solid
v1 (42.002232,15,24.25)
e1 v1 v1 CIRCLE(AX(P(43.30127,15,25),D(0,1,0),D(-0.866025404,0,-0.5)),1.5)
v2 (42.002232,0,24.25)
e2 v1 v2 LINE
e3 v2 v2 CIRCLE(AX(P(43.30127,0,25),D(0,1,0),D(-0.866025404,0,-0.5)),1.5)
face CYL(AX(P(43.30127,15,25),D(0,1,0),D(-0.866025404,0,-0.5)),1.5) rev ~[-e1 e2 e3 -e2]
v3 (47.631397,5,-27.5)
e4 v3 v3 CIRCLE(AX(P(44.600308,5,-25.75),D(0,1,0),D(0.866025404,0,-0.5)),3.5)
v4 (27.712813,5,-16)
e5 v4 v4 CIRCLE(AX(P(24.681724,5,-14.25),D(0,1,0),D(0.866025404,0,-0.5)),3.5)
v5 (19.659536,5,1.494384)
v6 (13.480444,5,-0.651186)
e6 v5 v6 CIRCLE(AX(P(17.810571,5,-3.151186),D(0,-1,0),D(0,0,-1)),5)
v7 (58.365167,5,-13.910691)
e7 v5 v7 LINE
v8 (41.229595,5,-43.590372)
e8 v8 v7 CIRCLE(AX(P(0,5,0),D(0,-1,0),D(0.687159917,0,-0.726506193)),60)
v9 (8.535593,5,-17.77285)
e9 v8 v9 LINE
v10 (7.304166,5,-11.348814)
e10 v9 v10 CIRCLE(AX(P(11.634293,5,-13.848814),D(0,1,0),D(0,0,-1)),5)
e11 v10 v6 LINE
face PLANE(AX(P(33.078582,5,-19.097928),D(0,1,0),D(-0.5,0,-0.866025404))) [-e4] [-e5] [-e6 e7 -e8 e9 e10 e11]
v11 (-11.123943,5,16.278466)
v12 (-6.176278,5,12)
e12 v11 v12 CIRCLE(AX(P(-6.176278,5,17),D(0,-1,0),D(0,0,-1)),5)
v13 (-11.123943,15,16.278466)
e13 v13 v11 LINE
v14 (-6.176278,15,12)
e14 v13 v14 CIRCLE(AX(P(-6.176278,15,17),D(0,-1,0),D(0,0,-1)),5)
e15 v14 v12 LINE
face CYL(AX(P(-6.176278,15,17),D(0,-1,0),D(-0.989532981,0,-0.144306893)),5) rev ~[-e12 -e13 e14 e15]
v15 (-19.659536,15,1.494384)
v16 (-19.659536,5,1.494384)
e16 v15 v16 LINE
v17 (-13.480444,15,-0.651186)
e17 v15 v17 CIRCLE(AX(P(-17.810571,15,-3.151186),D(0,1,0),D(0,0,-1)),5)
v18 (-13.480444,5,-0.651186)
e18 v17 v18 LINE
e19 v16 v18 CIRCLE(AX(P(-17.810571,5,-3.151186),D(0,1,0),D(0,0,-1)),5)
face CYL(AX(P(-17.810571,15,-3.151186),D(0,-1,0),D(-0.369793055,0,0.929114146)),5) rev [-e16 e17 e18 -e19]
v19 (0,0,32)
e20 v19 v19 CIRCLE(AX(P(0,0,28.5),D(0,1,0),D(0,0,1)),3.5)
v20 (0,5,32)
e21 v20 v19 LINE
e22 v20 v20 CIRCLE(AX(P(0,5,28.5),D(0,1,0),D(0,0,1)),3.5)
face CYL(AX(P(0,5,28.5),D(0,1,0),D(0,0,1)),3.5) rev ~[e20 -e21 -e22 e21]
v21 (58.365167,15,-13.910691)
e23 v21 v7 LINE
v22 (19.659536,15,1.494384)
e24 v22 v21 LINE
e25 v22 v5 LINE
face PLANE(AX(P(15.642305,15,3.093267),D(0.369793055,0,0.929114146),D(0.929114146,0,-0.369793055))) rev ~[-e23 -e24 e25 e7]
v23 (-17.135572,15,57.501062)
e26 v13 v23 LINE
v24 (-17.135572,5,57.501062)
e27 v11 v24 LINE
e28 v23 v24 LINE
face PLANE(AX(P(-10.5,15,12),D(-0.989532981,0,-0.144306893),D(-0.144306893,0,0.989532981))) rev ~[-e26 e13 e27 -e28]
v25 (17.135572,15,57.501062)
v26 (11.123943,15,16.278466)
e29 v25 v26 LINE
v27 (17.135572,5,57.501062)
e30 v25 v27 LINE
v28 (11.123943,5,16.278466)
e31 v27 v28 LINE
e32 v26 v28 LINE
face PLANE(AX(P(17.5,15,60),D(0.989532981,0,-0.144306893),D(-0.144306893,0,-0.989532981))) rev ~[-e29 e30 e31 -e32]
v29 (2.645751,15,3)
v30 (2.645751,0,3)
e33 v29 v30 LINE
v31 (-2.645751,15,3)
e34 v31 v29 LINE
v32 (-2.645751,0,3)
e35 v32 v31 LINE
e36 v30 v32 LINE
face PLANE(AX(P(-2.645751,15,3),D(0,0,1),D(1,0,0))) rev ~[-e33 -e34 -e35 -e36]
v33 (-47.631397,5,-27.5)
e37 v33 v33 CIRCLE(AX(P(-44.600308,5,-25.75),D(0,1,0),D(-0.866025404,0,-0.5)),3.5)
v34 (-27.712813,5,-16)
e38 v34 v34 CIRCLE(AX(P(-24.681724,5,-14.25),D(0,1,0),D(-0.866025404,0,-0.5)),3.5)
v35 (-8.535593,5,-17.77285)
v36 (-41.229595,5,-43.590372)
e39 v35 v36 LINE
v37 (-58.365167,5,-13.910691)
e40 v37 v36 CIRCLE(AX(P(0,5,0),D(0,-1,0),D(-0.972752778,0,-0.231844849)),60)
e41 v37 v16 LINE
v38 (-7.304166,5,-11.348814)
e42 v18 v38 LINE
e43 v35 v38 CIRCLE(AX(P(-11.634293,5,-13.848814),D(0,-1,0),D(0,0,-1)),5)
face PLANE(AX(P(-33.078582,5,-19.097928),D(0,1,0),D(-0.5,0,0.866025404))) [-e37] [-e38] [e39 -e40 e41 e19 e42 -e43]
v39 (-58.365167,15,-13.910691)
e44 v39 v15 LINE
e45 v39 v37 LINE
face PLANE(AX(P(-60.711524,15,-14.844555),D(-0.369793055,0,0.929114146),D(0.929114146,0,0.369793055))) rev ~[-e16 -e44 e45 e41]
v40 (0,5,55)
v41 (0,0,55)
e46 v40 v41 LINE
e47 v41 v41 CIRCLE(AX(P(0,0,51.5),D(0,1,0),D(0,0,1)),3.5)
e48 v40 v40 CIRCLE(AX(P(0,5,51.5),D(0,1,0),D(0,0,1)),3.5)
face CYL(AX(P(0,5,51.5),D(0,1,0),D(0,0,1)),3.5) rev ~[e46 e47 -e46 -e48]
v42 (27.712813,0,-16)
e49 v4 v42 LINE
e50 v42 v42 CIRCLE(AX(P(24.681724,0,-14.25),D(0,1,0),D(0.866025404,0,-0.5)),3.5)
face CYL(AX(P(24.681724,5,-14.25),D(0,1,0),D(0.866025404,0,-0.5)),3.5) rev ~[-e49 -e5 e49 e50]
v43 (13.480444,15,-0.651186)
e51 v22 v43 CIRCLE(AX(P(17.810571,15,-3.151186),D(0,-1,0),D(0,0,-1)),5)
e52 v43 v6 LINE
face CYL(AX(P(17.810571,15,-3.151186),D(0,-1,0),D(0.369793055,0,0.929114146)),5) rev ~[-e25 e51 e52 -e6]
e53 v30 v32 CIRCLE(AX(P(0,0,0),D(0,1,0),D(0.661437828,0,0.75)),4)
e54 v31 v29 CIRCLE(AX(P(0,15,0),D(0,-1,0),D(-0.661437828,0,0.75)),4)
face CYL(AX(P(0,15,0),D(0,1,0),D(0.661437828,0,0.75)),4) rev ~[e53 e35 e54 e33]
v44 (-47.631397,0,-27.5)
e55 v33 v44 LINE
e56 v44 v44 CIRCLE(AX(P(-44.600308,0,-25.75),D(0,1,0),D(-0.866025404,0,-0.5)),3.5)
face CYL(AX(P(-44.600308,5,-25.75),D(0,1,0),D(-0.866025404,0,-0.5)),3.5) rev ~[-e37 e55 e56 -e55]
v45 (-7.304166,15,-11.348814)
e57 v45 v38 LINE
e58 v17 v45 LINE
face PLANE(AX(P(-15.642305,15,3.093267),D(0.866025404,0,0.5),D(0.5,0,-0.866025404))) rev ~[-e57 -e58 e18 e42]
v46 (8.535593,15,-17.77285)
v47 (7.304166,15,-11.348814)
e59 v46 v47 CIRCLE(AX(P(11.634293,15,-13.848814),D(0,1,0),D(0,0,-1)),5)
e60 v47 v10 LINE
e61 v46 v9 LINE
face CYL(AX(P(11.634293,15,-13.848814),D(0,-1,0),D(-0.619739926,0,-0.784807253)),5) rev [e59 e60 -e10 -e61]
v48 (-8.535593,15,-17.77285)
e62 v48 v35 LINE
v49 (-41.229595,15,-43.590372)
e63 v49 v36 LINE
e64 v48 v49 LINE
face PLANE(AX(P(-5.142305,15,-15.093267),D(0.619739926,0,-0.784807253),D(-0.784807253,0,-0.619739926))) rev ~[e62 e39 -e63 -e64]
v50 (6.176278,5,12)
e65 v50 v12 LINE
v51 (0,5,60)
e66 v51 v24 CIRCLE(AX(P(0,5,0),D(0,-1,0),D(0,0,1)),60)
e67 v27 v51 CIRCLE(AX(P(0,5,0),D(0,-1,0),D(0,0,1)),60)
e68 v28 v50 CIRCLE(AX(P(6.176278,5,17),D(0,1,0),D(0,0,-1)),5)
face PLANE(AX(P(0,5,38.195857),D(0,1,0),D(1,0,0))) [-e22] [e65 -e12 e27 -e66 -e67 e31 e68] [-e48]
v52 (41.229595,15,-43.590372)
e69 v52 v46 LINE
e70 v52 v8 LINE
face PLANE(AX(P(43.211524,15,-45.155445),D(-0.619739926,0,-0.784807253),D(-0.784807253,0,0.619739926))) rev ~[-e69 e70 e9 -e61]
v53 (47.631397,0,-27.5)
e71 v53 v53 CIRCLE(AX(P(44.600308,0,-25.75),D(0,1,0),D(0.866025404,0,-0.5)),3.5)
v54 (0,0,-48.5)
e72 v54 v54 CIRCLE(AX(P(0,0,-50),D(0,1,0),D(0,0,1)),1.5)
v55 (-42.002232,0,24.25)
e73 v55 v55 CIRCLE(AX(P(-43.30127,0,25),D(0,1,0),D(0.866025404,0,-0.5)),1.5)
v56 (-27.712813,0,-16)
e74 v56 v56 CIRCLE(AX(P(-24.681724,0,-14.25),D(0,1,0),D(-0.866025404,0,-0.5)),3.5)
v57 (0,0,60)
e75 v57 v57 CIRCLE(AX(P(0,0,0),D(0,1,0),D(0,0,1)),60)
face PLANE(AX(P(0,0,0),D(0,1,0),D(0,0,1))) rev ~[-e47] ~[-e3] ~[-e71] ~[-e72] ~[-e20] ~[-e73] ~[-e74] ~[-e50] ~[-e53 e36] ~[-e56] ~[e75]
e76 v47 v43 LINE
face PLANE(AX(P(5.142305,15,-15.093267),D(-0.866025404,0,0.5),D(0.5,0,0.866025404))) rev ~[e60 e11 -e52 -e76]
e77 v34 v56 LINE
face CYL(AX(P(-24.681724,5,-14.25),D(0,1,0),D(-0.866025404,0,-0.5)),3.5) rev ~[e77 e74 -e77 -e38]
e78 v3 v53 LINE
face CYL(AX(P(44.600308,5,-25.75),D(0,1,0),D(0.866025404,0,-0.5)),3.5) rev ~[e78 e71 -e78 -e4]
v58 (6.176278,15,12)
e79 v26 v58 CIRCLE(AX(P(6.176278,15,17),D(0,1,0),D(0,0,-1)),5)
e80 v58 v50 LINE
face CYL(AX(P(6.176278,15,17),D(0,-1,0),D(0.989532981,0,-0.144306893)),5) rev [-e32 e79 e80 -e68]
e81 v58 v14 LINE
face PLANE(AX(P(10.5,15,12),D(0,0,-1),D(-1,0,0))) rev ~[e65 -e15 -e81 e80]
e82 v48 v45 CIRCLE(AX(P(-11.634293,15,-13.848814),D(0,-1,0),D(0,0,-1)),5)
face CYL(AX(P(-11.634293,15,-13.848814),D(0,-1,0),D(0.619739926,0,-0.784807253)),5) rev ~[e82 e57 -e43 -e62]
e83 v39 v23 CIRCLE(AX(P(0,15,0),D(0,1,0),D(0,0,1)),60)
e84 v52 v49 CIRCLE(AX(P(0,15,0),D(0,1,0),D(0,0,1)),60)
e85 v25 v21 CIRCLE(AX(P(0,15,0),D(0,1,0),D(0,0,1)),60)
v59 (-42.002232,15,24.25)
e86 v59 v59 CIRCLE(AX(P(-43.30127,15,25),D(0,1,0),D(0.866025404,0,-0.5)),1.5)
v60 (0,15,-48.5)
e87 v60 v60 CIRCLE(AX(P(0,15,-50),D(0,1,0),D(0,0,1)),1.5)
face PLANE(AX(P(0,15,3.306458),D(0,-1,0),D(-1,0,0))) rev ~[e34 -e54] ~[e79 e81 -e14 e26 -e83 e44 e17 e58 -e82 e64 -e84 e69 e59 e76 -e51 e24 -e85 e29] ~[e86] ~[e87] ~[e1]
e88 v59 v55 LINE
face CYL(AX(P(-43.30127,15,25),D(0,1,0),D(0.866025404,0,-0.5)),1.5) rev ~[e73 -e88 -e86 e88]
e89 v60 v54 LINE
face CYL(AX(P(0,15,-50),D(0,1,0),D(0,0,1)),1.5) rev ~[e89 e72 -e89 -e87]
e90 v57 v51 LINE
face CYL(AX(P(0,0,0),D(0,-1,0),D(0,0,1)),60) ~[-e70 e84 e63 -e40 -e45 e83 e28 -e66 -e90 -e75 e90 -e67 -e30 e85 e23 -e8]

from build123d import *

# Parameters (mm, degrees)
SKETCH1_R           = 60
BOSS_EXTRUDE1_DEPTH = 15
CUT_EXTRUDE1_REACH  = 88.168
CUT_EXTRUDE2_DEPTH  = 10
CUT_EXTRUDE3_REACH  = 87.44
SKETCH3_R           = 3.5
CIRPATTERN1_COUNT   = 3
CIRPATTERN2_COUNT   = 3
FILLET1_R           = 5
CUT_EXTRUDE4_REACH  = 88.168
SKETCH4_R           = 1.5
CIRPATTERN3_COUNT   = 3
BOSS_EXTRUDE2_REACH = 88.168


with BuildPart() as part:
    # Sketch1 → Boss-Extrude1 (new body)
    with BuildSketch(Plane(origin=(0, 0, 0), x_dir=(1, 0, 0), z_dir=(0, 1, 0))):
        Circle(SKETCH1_R)
    extrude(amount=BOSS_EXTRUDE1_DEPTH)

    # Sketch2 → Cut-Extrude1 (cut, up to next)
    with BuildSketch(Plane(origin=(0, 15, 0), x_dir=(1, 0, 0), z_dir=(0, 1, 0)), mode=Mode.PRIVATE) as cut_extrude1_sk1:
        with BuildLine():
            ThreePointArc((2.645751311, -3), (0, 4), (-2.645751311, -3))
            Line((-2.645751311, -3), (2.645751311, -3))
        make_face()
    cut_extrude1_tool1 = extrude(cut_extrude1_sk1.sketch, amount=-CUT_EXTRUDE1_REACH, mode=Mode.PRIVATE) & part.part
    add(cut_extrude1_tool1.solids().sort_by_distance((0, 15, -0.264732))[0], mode=Mode.SUBTRACT)

    # Sketch2<3> → Cut-Extrude2 (cut)
    with BuildSketch(Plane(origin=(0, 15, 0), x_dir=(1, 0, 0), z_dir=(0, 1, 0))):
        with BuildLine():
            Line((-2.645751311, -3), (2.645751311, -3))
            ThreePointArc((2.645751311, -3), (0, 4), (-2.645751311, -3))
        make_face()
        Polygon((-17.5, -60), (17.5, -60), (10.5, -12), (-10.5, -12), align=None)
    cut_extrude2 = extrude(amount=-CUT_EXTRUDE2_DEPTH, mode=Mode.SUBTRACT)

    # Sketch3 → Cut-Extrude3 (cut, up to next)
    with BuildSketch(Plane(origin=(0, 5, 0), x_dir=(1, 0, 0), z_dir=(0, 1, 0)), mode=Mode.PRIVATE) as cut_extrude3_sk1:
        with Locations((0, -28.5)):
            Circle(SKETCH3_R)
    cut_extrude3_tool1 = extrude(cut_extrude3_sk1.sketch, amount=-CUT_EXTRUDE3_REACH, mode=Mode.PRIVATE) & part.part
    # Sketch3 → Cut-Extrude3 (cut, up to next)
    with BuildSketch(Plane(origin=(0, 5, 0), x_dir=(1, 0, 0), z_dir=(0, 1, 0)), mode=Mode.PRIVATE) as cut_extrude3_sk2:
        with Locations((0, -51.5)):
            Circle(SKETCH3_R)
    cut_extrude3_tool2 = extrude(cut_extrude3_sk2.sketch, amount=-CUT_EXTRUDE3_REACH, mode=Mode.PRIVATE) & part.part
    cut_extrude3_1 = cut_extrude3_tool1.solids().sort_by_distance((0, 5, 28.5))[0]
    add(cut_extrude3_1, mode=Mode.SUBTRACT)
    cut_extrude3_2 = cut_extrude3_tool2.solids().sort_by_distance((0, 5, 51.5))[0]
    add(cut_extrude3_2, mode=Mode.SUBTRACT)
    cut_extrude3 = cut_extrude3_1 + cut_extrude3_2  # Cut-Extrude3 as one shape, for the pattern or mirror that repeats it

    # CirPattern1: Cut-Extrude2 ×3 about axis
    cirpattern1_axis = Axis((0, -0.001, 0), (0, 1, 0))
    for i in range(1, CIRPATTERN1_COUNT):
        add(cut_extrude2.rotate(cirpattern1_axis, i * 360 / CIRPATTERN1_COUNT), mode=Mode.SUBTRACT)

    # CirPattern2: Cut-Extrude3 ×3 about axis
    cirpattern2_axis = Axis((0, 15, 0), (0, 1, 0))
    for i in range(1, CIRPATTERN2_COUNT):
        add(cut_extrude3.rotate(cirpattern2_axis, i * 360 / CIRPATTERN2_COUNT), mode=Mode.SUBTRACT)

    # Fillet1
    fillet1_edges = [part.edges().sort_by_distance(p)[0] for p in [
        (10.5, 10, 12),
        (-10.5, 10, 12),
        (-15.642304845, 10, 3.09326674),
        (-5.142304845, 10, -15.09326674),
        (15.642304845, 10, 3.09326674),
        (5.142304845, 10, -15.09326674),
    ]]
    fillet(fillet1_edges, radius=FILLET1_R)

    # Sketch4 → Cut-Extrude4 (cut, up to next)
    with BuildSketch(Plane(origin=(0, 15, 0), x_dir=(1, 0, 0), z_dir=(0, 1, 0)), mode=Mode.PRIVATE) as cut_extrude4_sk1:
        with Locations((0, 50)):
            Circle(SKETCH4_R)
    cut_extrude4_tool1 = extrude(cut_extrude4_sk1.sketch, amount=-CUT_EXTRUDE4_REACH, mode=Mode.PRIVATE) & part.part
    cut_extrude4 = cut_extrude4_tool1.solids().sort_by_distance((0, 15, -50))[0]
    add(cut_extrude4, mode=Mode.SUBTRACT)

    # CirPattern3: Cut-Extrude4 ×3 about axis
    cirpattern3_axis = Axis((0, -0.001, 0), (0, 1, 0))
    for i in range(1, CIRPATTERN3_COUNT):
        add(cut_extrude4.rotate(cirpattern3_axis, i * 360 / CIRPATTERN3_COUNT), mode=Mode.SUBTRACT)

    # Sketch5 → Boss-Extrude2 (add, up to next)
    with BuildSketch(Plane(origin=(0, 15, 0), x_dir=(1, 0, 0), z_dir=(0, 1, 0)), mode=Mode.PRIVATE) as boss_extrude2_sk1:
        with BuildLine():
            Line((-2.645751311, -3), (2.645751311, -3))
            ThreePointArc((2.645751311, -3), (0, -4), (-2.645751311, -3))
        make_face()
    boss_extrude2_tool1 = extrude(boss_extrude2_sk1.sketch, amount=-BOSS_EXTRUDE2_REACH, mode=Mode.PRIVATE) - part.part
    add(boss_extrude2_tool1.solids().sort_by_distance((0, 15, 3.404621))[0])


solid = part.part
